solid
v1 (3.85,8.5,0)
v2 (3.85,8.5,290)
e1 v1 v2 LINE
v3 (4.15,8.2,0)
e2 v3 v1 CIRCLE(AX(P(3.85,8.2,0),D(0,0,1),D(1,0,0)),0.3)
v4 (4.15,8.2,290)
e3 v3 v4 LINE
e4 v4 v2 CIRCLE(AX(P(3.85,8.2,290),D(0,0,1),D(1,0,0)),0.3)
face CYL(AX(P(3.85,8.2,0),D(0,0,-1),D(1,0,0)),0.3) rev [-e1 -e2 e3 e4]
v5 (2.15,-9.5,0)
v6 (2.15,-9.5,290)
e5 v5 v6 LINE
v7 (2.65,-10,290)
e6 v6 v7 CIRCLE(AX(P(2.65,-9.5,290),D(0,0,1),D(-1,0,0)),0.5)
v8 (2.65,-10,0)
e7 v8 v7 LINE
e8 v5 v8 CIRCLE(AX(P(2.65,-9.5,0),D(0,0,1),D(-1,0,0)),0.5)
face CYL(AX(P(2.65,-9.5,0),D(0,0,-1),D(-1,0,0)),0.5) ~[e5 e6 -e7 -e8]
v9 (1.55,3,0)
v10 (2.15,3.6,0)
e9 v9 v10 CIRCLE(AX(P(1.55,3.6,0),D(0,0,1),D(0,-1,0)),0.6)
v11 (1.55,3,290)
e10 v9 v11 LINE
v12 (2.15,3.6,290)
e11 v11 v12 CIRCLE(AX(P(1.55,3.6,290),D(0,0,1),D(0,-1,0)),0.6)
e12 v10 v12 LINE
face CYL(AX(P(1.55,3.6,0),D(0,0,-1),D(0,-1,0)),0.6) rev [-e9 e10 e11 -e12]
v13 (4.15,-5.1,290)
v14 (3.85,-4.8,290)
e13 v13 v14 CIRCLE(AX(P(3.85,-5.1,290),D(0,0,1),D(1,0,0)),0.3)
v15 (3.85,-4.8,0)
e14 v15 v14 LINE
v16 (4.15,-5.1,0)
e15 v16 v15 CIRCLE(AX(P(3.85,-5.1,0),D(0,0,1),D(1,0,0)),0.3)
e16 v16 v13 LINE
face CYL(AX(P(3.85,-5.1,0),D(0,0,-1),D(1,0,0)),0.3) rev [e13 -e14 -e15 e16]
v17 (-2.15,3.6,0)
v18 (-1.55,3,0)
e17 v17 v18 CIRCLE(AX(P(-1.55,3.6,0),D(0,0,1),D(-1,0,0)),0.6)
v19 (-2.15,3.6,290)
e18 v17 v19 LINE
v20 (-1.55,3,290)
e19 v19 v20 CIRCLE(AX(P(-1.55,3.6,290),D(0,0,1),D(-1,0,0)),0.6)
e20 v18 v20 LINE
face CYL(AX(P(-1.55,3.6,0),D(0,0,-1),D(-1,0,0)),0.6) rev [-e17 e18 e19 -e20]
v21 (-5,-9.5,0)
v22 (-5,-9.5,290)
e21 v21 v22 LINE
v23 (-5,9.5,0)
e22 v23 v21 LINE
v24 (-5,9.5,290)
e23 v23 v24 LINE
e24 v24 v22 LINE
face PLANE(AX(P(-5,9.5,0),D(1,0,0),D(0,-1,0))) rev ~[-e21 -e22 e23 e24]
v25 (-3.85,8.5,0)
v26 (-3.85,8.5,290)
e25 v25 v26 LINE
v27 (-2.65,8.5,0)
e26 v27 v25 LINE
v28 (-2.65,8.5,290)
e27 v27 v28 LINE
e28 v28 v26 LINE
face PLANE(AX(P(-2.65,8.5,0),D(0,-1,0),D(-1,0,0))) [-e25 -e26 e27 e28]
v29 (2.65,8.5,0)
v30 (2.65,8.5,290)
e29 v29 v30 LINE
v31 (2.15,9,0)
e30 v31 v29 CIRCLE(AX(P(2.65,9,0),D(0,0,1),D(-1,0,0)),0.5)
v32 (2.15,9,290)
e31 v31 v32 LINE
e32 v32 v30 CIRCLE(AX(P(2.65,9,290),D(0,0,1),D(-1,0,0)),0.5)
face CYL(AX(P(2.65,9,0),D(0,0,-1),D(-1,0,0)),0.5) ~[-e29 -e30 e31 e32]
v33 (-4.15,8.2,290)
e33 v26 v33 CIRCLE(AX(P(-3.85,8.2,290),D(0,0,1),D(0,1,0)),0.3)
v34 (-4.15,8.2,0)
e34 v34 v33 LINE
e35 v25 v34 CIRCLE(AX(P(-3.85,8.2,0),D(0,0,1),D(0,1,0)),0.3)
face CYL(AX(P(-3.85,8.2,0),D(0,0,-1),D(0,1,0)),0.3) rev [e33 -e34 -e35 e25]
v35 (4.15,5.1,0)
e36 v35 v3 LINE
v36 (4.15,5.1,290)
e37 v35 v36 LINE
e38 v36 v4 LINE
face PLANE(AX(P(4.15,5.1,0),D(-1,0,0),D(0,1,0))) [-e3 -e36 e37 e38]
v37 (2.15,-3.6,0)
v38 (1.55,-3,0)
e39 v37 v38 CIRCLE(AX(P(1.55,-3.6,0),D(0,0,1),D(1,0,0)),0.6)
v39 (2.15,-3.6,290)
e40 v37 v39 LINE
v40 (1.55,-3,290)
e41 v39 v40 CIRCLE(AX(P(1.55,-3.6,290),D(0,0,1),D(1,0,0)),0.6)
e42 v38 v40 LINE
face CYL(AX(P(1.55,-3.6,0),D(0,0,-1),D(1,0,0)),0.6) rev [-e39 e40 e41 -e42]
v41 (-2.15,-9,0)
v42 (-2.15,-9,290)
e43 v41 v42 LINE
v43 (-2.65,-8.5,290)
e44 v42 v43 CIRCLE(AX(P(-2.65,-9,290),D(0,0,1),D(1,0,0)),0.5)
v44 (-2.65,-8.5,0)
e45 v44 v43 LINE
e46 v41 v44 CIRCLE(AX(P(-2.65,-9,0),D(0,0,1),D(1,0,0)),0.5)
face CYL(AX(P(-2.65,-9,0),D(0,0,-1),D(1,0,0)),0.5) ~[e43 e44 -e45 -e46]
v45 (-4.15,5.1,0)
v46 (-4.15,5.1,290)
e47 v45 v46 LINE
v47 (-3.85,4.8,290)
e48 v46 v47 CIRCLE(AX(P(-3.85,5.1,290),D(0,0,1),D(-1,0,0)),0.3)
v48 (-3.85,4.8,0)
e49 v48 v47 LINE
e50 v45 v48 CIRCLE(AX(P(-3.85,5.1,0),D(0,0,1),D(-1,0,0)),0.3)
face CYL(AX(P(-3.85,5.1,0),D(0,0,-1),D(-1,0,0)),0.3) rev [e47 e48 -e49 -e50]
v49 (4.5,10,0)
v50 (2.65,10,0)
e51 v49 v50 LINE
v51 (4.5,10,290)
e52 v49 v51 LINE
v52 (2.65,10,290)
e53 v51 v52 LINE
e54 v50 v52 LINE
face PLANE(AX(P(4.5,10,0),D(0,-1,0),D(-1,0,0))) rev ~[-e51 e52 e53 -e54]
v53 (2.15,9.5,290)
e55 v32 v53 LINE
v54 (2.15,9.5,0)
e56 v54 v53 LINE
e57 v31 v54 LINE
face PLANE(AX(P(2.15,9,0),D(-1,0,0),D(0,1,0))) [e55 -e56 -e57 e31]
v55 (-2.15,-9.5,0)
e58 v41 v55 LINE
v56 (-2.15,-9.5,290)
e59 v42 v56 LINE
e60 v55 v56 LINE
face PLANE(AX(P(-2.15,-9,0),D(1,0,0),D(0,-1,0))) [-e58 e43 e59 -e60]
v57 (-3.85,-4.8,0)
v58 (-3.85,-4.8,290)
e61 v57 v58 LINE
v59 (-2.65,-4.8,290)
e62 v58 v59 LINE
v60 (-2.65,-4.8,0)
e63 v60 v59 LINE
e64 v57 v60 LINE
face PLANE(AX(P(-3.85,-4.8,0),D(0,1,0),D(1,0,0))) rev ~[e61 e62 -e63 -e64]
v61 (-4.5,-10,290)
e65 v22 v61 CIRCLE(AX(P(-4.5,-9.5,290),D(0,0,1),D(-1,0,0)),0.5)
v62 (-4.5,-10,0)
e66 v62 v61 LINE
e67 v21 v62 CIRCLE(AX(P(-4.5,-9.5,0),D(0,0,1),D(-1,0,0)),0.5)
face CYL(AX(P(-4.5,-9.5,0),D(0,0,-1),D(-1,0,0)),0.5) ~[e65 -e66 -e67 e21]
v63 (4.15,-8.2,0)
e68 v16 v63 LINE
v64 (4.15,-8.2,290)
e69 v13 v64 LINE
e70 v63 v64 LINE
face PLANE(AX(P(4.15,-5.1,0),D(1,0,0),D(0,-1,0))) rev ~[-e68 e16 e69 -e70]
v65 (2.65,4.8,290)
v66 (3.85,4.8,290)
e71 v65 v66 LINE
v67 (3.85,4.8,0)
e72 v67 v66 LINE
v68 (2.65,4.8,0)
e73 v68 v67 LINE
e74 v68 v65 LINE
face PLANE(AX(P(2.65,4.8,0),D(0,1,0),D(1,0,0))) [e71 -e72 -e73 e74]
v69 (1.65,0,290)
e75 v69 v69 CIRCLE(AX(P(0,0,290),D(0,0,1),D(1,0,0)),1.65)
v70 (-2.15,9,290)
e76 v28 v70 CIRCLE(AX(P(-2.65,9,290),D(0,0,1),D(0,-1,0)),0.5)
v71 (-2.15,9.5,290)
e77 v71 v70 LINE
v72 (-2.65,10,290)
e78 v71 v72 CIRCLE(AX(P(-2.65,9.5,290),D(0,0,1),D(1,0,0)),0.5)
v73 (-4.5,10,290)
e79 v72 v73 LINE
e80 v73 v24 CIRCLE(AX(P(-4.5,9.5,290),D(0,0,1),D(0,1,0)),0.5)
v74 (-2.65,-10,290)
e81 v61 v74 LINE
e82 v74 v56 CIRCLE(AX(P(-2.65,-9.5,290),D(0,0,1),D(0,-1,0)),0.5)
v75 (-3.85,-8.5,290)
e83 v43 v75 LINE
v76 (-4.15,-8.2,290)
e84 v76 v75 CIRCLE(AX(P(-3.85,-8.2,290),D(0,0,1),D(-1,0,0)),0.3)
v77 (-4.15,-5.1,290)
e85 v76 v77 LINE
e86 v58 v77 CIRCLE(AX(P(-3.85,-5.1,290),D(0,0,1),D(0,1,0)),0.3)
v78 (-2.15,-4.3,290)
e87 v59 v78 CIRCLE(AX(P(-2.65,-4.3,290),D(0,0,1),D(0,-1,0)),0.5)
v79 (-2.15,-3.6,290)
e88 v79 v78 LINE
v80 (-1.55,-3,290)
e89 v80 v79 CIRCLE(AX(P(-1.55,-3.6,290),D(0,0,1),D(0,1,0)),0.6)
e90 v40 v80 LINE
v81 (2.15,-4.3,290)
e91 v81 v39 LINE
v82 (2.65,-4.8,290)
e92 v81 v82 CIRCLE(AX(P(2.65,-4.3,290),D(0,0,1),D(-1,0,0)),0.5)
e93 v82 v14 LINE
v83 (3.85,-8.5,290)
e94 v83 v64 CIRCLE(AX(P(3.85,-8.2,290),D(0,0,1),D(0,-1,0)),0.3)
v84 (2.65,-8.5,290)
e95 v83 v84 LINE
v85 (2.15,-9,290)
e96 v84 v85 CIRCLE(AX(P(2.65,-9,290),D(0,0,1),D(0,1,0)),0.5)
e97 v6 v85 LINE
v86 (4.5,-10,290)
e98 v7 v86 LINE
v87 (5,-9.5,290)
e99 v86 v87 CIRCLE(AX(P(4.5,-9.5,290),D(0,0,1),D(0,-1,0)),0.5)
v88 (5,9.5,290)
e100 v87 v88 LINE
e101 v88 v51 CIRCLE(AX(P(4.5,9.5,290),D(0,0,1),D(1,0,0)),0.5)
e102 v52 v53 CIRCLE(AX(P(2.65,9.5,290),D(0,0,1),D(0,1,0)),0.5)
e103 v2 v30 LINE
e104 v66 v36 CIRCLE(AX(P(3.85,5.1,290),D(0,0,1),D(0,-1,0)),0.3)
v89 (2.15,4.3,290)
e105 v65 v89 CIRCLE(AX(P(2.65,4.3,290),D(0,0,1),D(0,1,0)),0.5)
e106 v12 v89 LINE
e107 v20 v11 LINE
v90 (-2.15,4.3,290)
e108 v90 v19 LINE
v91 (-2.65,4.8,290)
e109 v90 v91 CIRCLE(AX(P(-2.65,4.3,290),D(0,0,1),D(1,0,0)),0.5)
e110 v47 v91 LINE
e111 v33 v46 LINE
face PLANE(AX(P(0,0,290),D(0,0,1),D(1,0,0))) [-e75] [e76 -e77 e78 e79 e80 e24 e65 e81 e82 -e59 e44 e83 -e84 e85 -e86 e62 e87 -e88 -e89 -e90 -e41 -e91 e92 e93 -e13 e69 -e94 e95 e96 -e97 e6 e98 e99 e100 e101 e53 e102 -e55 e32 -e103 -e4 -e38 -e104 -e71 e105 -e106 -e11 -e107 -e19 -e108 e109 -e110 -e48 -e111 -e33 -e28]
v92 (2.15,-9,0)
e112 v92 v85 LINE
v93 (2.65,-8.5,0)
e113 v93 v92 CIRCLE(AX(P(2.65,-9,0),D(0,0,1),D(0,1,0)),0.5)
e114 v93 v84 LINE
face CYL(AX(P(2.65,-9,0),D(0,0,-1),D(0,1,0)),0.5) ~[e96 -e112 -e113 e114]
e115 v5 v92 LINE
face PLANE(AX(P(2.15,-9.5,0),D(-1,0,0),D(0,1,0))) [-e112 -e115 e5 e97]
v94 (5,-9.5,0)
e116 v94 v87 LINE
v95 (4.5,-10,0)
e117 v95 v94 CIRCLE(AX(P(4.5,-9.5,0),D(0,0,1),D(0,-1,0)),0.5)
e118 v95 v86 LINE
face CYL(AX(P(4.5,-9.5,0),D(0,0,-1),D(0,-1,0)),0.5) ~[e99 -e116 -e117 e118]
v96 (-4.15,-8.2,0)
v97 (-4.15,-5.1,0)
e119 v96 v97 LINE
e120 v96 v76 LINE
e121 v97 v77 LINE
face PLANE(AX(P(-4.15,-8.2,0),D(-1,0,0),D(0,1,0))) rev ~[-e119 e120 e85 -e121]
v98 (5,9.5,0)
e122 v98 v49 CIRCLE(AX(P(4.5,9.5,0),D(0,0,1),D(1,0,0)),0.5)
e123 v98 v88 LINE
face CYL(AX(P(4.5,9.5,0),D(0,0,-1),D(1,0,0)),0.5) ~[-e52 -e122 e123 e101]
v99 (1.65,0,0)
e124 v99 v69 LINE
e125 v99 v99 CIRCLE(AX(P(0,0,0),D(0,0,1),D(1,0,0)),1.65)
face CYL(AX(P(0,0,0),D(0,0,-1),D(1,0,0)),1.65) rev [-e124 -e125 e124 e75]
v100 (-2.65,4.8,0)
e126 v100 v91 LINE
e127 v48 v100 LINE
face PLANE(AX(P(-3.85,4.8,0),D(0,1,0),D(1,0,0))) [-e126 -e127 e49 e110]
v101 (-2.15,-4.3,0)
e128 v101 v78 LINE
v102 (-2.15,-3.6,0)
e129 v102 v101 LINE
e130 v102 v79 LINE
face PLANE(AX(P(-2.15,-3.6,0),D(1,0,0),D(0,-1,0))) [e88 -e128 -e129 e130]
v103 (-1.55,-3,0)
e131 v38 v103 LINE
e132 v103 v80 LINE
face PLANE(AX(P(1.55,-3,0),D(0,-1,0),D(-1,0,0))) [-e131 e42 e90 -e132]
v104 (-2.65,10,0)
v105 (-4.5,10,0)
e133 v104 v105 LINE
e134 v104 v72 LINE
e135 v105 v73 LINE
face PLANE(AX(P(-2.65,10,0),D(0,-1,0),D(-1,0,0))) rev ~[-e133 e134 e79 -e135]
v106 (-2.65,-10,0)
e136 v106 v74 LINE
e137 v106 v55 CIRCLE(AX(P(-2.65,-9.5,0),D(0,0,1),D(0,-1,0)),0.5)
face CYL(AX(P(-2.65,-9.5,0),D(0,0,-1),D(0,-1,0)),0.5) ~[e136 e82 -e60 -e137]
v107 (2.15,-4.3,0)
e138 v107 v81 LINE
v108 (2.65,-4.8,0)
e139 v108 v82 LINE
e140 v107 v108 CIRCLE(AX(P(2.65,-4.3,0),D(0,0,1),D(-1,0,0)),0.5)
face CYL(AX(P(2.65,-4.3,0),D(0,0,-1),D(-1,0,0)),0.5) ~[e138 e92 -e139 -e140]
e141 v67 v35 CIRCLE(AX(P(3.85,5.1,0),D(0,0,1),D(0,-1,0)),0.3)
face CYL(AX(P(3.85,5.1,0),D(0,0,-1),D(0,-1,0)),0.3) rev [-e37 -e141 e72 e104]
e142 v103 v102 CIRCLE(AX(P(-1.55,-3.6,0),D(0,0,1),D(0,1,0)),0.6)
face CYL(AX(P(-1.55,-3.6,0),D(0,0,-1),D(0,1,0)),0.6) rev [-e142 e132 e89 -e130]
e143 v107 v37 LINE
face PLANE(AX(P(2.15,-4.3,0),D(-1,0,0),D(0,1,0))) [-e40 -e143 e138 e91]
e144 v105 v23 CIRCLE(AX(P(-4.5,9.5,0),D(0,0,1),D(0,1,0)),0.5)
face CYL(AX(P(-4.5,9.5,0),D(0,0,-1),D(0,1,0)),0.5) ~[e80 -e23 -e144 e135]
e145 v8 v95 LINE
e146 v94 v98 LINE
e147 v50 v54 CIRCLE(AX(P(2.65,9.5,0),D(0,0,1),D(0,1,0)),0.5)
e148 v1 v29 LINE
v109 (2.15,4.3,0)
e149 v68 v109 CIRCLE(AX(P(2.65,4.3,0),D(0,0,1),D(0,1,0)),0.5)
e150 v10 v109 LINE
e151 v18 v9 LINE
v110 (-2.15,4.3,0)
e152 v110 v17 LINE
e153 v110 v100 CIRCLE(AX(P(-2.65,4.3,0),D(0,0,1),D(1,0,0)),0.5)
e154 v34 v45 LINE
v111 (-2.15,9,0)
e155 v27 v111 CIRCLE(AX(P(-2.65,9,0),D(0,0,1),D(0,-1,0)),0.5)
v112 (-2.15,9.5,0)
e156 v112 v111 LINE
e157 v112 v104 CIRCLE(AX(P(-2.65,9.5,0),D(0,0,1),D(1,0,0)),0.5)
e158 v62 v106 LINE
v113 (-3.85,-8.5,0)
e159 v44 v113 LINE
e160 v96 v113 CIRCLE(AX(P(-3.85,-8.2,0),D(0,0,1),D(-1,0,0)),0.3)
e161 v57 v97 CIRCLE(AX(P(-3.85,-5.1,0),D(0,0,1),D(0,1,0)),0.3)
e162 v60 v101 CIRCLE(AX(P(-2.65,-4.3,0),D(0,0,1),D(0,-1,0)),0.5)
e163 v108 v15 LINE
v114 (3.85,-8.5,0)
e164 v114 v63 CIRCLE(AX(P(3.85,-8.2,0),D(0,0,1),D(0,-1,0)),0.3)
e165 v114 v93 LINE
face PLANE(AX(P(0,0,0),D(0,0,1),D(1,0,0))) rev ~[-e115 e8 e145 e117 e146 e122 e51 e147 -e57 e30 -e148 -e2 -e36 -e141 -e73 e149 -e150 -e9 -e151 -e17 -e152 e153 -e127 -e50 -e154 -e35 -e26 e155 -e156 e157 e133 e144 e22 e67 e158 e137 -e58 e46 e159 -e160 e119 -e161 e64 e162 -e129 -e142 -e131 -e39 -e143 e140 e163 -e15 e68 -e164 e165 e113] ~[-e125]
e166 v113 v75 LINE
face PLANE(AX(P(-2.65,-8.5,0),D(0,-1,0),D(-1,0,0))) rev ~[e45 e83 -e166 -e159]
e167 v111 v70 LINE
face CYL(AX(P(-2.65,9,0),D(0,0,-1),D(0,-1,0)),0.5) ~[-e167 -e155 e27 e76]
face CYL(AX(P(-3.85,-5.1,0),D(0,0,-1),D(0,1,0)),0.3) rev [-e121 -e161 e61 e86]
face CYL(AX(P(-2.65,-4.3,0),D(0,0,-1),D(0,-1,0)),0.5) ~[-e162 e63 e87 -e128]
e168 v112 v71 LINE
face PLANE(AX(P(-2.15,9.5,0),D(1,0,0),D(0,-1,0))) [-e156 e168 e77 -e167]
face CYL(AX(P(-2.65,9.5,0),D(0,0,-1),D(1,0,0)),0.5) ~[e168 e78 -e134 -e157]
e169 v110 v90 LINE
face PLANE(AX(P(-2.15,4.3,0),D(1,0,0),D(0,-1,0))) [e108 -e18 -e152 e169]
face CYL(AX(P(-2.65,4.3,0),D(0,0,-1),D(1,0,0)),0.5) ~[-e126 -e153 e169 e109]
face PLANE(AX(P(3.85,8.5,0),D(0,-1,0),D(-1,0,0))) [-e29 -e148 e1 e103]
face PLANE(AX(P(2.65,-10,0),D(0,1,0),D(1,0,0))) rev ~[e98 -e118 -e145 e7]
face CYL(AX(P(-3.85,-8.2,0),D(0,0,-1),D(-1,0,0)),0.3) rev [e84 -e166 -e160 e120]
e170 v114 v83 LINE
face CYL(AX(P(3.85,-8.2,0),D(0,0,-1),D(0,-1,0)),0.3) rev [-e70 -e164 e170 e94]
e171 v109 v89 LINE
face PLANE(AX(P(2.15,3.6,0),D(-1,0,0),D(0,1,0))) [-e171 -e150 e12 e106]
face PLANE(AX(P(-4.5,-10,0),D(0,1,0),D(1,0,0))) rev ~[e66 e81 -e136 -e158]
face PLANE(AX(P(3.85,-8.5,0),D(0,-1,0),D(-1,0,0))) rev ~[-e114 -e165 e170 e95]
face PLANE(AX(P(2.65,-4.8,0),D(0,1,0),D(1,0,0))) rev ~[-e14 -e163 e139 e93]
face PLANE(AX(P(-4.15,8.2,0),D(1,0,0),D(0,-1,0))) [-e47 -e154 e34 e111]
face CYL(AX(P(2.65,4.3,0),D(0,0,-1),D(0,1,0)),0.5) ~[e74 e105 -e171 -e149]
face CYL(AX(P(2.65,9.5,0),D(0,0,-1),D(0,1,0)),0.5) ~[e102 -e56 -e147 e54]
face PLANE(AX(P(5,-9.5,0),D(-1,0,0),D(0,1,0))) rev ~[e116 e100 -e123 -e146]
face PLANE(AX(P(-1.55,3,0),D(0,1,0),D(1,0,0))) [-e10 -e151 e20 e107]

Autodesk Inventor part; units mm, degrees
ref_plane "YZ Plane" through (0, 0, 0) normal (1, 0, 0) x (0, 1, 0)
ref_plane "XZ Plane" through (0, 0, 0) normal (0, 1, 0) x (-1, 0, 0)
ref_plane "XY Plane" through (0, 0, 0) normal (0, 0, 1) x (1, 0, 0)
sketch "BaseI" plane through (0, 0, 0) normal (0, 0, 1) x (1, 0, 0)
  line L0 (-4.5, -10) -> (-2.65, -10)
  line L1 (5, -9.5) -> (5, 9.5)
  line L2 (4.5, 10) -> (2.65, 10)
  line L3 (-5, 9.5) -> (-5, -9.5)
  line L4 (-5, -10) -> (5, 10) construction
  line L5 (5, -10) -> (-5, 10) construction
  line L6 (3.85, 8.5) -> (2.65, 8.5)
  line L7 (-4.15, 8.2) -> (-4.15, 5.1)
  line L8 (-3.85, 4.8) -> (-2.65, 4.8)
  line L9 (4.15, 5.1) -> (4.15, 8.2)
  line L10 (4.15, 8.5) -> (-4.15, 4.8) construction
  line L11 (-4.15, 8.5) -> (4.15, 4.8) construction
  line L12 (-1.55, 3) -> (1.55, 3)
  line L13 (2.15, 3.6) -> (2.15, 4.3)
  line L14 (-2.15, 9.5) -> (-2.15, 9)
  line L15 (-2.15, 3) -> (2.15, 10) construction
  line L16 (2.15, 3) -> (-2.15, 10) construction
  line L17 (3.85, -8.5) -> (2.65, -8.5)
  line L18 (-4.15, -8.2) -> (-4.15, -5.1)
  line L19 (-3.85, -4.8) -> (-2.65, -4.8)
  line L20 (4.15, -5.1) -> (4.15, -8.2)
  line L21 (4.15, -8.5) -> (-4.15, -4.8) construction
  line L22 (-4.15, -8.5) -> (4.15, -4.8) construction
  line L23 (1.55, -3) -> (-1.55, -3)
  line L24 (-2.15, -3.6) -> (-2.15, -4.3)
  line L25 (2.15, -9.5) -> (2.15, -9)
  line L26 (2.15, -3) -> (-2.15, -10) construction
  line L27 (-2.15, -3) -> (2.15, -10) construction
  arc A0 (-4.5, 10) -> (-5, 9.5) centre (-4.5, 9.5) ccw
  arc A1 (5, 9.5) -> (4.5, 10) centre (4.5, 9.5) ccw
  arc A2 (4.5, -10) -> (5, -9.5) centre (4.5, -9.5) ccw
  arc A3 (-5, -9.5) -> (-4.5, -10) centre (-4.5, -9.5) ccw
  line L28 (-2.65, 10) -> (-4.5, 10)
  line L29 (2.65, -10) -> (4.5, -10)
  arc A4 (-3.85, 8.5) -> (-4.15, 8.2) centre (-3.85, 8.2) ccw
  arc A5 (-4.15, 5.1) -> (-3.85, 4.8) centre (-3.85, 5.1) ccw
  arc A6 (4.15, 8.2) -> (3.85, 8.5) centre (3.85, 8.2) ccw
  arc A7 (3.85, 4.8) -> (4.15, 5.1) centre (3.85, 5.1) ccw
  arc A8 (-3.85, -4.8) -> (-4.15, -5.1) centre (-3.85, -5.1) ccw
  arc A9 (-4.15, -8.2) -> (-3.85, -8.5) centre (-3.85, -8.2) ccw
  arc A10 (4.15, -5.1) -> (3.85, -4.8) centre (3.85, -5.1) ccw
  arc A11 (3.85, -8.5) -> (4.15, -8.2) centre (3.85, -8.2) ccw
  arc A12 (-2.15, 3.6) -> (-1.55, 3) centre (-1.55, 3.6) ccw
  arc A13 (1.55, 3) -> (2.15, 3.6) centre (1.55, 3.6) ccw
  arc A14 (-1.55, -3) -> (-2.15, -3.6) centre (-1.55, -3.6) ccw
  arc A15 (2.15, -3.6) -> (1.55, -3) centre (1.55, -3.6) ccw
  arc A16 (-2.15, 9.5) -> (-2.65, 10) centre (-2.65, 9.5) ccw
  arc A17 (2.65, 10) -> (2.15, 9.5) centre (2.65, 9.5) ccw
  line L30 (-2.65, 8.5) -> (-3.85, 8.5)
  line L31 (2.65, 4.8) -> (3.85, 4.8)
  line L32 (2.15, 9) -> (2.15, 9.5)
  line L33 (-2.15, 4.3) -> (-2.15, 3.6)
  line L34 (2.15, -4.3) -> (2.15, -3.6)
  line L35 (-2.15, -9) -> (-2.15, -9.5)
  line L36 (2.65, -4.8) -> (3.85, -4.8)
  line L37 (-2.65, -8.5) -> (-3.85, -8.5)
  arc A18 (-2.15, 4.3) -> (-2.65, 4.8) centre (-2.65, 4.3) ccw
  arc A19 (2.65, 4.8) -> (2.15, 4.3) centre (2.65, 4.3) ccw
  arc A20 (2.15, 9) -> (2.65, 8.5) centre (2.65, 9) ccw
  arc A21 (-2.65, 8.5) -> (-2.15, 9) centre (-2.65, 9) ccw
  arc A22 (-2.65, -4.8) -> (-2.15, -4.3) centre (-2.65, -4.3) ccw
  arc A23 (2.15, -4.3) -> (2.65, -4.8) centre (2.65, -4.3) ccw
  arc A24 (2.65, -8.5) -> (2.15, -9) centre (2.65, -9) ccw
  arc A25 (-2.15, -9) -> (-2.65, -8.5) centre (-2.65, -9) ccw
  arc A26 (-2.65, -10) -> (-2.15, -9.5) centre (-2.65, -9.5) ccw
  arc A27 (2.15, -9.5) -> (2.65, -10) centre (2.65, -9.5) ccw
  circle A28 centre (0, 0) radius 1.65
  point P0 (0, 6.65)
  point P1 (0, 6.5)
  point P2 (0, -6.65)
  point P3 (0, -6.5)
  point P4 (0, 6.5)
  point P5 (0, 10)
  point P6 (0, -6.5)
  point P7 (0, -10)
  point P8 (0, 6.65)
  point P9 (0, 10)
  point P10 (0, 6.65)
  point P11 (0, -6.65)
  point P12 (0, -10)
  point P13 (0, -6.5)
  point P14 (0, -6.65)
  point P15 (0, 6.5)
  dimension "d0" = 10
  dimension "d1" = 20
  dimension "d2" = 7
  dimension "d3" = 4.3
  dimension "d4" = 7
  dimension "d5" = 4.3
  dimension "d6" = 8.3
  dimension "d7" = 8.3
  dimension "d8" = 3.7
  dimension "d9" = 3.7
  dimension "d10" = 1.5
  dimension "d11" = 1.5
  dimension "d12" = 0.5
  dimension "d13" = 0.3
  dimension "d14" = 0.6
  dimension "d15" = 0.5
  dimension "d16" = 0.5
  dimension "d17" = 3.3
extrude "押し出し1" add sketch "BaseI" along normal blind 290
properties part number "I330" material "アルミニウム 6061"
